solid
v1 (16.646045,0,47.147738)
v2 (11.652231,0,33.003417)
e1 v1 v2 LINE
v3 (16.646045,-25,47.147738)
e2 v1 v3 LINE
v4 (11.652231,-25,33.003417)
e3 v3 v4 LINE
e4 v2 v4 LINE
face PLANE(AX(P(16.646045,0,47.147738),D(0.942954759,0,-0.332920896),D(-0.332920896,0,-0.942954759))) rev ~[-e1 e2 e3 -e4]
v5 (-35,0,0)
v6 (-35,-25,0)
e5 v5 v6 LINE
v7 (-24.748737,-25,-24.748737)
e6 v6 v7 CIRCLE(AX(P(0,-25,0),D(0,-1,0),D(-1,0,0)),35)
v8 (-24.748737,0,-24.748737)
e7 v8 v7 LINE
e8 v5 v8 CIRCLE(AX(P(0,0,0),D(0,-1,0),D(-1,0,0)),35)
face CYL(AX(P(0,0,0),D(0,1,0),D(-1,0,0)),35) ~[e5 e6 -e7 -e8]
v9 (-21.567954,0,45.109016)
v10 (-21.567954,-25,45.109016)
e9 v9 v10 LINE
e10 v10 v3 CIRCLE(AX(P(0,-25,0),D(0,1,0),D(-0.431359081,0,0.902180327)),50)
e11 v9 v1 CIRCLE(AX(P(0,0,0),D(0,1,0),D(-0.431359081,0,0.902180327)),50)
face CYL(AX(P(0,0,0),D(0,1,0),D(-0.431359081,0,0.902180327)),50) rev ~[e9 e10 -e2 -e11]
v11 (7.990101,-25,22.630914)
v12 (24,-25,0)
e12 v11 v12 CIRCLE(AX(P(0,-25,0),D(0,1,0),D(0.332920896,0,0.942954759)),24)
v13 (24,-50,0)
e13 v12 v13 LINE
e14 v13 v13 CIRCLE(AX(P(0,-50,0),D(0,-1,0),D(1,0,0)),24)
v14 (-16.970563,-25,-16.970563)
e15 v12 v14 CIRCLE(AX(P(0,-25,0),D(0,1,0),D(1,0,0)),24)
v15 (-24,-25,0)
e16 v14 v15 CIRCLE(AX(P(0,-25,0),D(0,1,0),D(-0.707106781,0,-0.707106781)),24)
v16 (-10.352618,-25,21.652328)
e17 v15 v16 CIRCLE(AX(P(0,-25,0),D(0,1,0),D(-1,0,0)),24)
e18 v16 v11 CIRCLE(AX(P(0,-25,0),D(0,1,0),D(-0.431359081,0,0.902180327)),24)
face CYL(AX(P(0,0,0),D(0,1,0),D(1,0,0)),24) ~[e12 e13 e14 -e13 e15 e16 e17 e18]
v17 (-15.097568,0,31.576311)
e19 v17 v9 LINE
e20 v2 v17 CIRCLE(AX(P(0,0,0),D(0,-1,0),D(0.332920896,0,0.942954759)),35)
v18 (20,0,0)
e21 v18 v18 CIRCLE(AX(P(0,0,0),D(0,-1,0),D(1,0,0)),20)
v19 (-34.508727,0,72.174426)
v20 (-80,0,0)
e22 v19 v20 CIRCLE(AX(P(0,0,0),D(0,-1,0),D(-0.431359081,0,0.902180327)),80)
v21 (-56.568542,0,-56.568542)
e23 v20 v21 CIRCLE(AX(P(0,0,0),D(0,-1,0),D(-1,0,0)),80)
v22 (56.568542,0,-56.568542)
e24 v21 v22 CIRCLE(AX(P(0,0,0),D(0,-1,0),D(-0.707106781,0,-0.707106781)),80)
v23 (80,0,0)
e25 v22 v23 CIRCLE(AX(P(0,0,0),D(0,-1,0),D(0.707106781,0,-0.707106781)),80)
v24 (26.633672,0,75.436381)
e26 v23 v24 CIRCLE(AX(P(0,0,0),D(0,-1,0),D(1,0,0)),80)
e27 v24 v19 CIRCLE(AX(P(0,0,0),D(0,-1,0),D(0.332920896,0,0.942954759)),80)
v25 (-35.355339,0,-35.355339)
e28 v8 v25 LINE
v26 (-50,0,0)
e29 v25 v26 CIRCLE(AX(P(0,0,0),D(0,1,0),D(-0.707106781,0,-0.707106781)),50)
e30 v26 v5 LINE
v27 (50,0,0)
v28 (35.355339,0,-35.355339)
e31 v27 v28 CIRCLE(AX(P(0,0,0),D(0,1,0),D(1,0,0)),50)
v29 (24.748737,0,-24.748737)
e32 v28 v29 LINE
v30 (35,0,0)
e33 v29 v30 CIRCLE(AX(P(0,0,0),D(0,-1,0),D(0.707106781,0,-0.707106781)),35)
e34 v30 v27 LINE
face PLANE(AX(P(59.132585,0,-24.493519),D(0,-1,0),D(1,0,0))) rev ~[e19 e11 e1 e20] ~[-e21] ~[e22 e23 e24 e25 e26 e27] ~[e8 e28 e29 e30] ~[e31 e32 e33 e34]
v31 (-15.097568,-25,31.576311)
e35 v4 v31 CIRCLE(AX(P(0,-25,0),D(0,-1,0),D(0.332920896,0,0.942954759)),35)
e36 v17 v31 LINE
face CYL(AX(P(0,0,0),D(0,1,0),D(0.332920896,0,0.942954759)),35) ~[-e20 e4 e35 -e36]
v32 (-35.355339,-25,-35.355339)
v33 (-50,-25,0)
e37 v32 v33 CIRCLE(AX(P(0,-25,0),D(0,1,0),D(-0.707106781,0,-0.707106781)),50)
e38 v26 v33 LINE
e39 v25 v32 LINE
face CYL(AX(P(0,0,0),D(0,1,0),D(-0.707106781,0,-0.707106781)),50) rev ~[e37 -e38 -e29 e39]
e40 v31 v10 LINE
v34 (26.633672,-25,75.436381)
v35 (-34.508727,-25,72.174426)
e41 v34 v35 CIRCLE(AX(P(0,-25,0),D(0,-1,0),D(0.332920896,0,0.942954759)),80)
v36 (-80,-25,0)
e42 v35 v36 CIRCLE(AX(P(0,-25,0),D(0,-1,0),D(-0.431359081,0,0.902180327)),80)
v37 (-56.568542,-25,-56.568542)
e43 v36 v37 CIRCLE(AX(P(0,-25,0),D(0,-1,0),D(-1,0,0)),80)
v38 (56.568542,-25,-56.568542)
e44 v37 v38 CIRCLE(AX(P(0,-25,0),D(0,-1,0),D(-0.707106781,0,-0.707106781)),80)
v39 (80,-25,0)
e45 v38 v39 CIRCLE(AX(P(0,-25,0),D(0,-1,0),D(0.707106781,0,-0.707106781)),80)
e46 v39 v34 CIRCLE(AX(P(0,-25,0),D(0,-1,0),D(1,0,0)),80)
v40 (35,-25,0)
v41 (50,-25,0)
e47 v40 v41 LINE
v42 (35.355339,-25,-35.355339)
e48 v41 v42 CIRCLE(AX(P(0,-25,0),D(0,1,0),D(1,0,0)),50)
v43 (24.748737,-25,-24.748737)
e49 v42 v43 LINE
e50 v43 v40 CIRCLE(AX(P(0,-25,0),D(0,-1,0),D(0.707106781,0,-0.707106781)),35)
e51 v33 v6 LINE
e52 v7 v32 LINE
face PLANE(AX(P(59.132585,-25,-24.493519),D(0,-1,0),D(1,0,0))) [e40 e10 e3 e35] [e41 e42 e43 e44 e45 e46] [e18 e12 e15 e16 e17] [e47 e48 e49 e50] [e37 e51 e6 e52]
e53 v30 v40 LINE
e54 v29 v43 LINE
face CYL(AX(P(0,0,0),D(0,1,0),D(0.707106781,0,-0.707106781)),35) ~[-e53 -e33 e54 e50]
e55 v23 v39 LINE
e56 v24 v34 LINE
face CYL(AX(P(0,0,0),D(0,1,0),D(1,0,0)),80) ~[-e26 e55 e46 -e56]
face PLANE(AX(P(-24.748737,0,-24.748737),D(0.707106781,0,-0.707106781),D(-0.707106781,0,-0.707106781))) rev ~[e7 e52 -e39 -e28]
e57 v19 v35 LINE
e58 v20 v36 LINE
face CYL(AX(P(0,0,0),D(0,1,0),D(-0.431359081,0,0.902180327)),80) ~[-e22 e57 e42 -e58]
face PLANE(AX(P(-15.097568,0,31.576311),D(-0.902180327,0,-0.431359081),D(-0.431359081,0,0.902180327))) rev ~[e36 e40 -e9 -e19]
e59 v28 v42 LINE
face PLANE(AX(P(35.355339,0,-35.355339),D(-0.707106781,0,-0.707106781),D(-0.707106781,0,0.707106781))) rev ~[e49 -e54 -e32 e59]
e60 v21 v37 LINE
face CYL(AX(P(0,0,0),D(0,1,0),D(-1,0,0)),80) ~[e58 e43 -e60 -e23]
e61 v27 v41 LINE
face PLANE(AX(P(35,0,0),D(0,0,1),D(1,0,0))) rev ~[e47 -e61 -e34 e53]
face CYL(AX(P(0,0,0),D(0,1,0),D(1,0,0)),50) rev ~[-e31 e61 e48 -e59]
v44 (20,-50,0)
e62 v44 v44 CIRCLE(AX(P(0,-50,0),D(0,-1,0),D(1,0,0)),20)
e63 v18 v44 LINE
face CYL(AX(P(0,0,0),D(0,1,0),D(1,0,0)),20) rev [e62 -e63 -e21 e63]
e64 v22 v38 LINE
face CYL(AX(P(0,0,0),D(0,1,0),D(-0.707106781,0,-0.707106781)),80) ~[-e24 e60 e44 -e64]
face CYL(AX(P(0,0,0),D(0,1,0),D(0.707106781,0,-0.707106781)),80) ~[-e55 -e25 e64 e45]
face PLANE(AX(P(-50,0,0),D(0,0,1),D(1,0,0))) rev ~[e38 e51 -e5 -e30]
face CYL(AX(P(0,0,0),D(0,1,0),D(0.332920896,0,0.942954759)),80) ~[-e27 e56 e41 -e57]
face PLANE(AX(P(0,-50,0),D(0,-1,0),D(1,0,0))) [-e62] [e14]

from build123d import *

# Parameters (mm, degrees)
F1_DEPTH = 25
F2_R     = 24
F2_R_2   = 20
F3_DEPTH = 50


with BuildPart() as f1:
    # F0 (on Front) → F1 (new body)
    with BuildSketch(Plane.XZ):
        with BuildLine():
            Line((80, 0), (50, 0))
            ThreePointArc((50, 0), (46.1939766256, -19.1341716183), (35.3553390593, -35.3553390593))
            Line((35.3553390593, -35.3553390593), (56.5685424949, -56.5685424949))
            ThreePointArc((56.5685424949, -56.5685424949), (73.9103626009, -30.6146745892), (80, 0))
        make_face()
        with BuildLine():
            ThreePointArc((16.6460447835, 47.1477379422), (40.8185144216, 28.8764416162), (50, 0))
            Line((50, 0), (80, 0))
            ThreePointArc((80, 0), (65.3096230746, 46.2023065859), (26.6336716536, 75.4363807075))
            Line((26.6336716536, 75.4363807075), (16.6460447835, 47.1477379422))
        make_face()
        with BuildLine():
            ThreePointArc((-21.5679540702, 45.1090163629), (-2.6637181112, 49.928995642), (16.6460447835, 47.1477379422))
            Line((16.6460447835, 47.1477379422), (26.6336716536, 75.4363807075))
            ThreePointArc((26.6336716536, 75.4363807075), (-4.261948978, 79.8863930273), (-34.5087265123, 72.1744261806))
            Line((-34.5087265123, 72.1744261806), (-21.5679540702, 45.1090163629))
        make_face()
        with BuildLine():
            Line((56.5685424949, -56.5685424949), (35.3553390593, -35.3553390593))
            ThreePointArc((35.3553390593, -35.3553390593), (0, -50), (-35.3553390593, -35.3553390593))
            Line((-35.3553390593, -35.3553390593), (-56.5685424949, -56.5685424949))
            ThreePointArc((-56.5685424949, -56.5685424949), (0, -80), (56.5685424949, -56.5685424949))
        make_face()
        with BuildLine():
            ThreePointArc((-50, 0), (-42.2989225839, 26.6608542295), (-21.5679540702, 45.1090163629))
            Line((-21.5679540702, 45.1090163629), (-34.5087265123, 72.1744261806))
            ThreePointArc((-34.5087265123, 72.1744261806), (-67.6782761342, 42.6573667672), (-80, 0))
            Line((-80, 0), (-50, 0))
        make_face()
        with BuildLine():
            Line((-56.5685424949, -56.5685424949), (-35.3553390593, -35.3553390593))
            ThreePointArc((-35.3553390593, -35.3553390593), (-46.1939766256, -19.1341716183), (-50, 0))
            Line((-50, 0), (-80, 0))
            ThreePointArc((-80, 0), (-73.9103626009, -30.6146745892), (-56.5685424949, -56.5685424949))
        make_face()
        with BuildLine():
            Line((35, 0), (50, 0))
            ThreePointArc((50, 0), (40.8185144216, 28.8764416162), (16.6460447835, 47.1477379422))
            Line((16.6460447835, 47.1477379422), (11.6522313484, 33.0034165595))
            ThreePointArc((11.6522313484, 33.0034165595), (28.5729600951, 20.2135091313), (35, 0))
        make_face()
        with BuildLine():
            Line((-15.0975678491, 31.576311454), (-21.5679540702, 45.1090163629))
            ThreePointArc((-21.5679540702, 45.1090163629), (-42.2989225839, 26.6608542295), (-50, 0))
            Line((-50, 0), (-35, 0))
            ThreePointArc((-35, 0), (-29.6092458087, 18.6625979606), (-15.0975678491, 31.576311454))
        make_face()
        with BuildLine():
            ThreePointArc((-35.3553390593, -35.3553390593), (0, -50), (35.3553390593, -35.3553390593))
            Line((35.3553390593, -35.3553390593), (24.7487373415, -24.7487373415))
            ThreePointArc((24.7487373415, -24.7487373415), (0, -35), (-24.7487373415, -24.7487373415))
            Line((-24.7487373415, -24.7487373415), (-35.3553390593, -35.3553390593))
        make_face()
        with BuildLine():
            Line((-10.3526179537, 21.6523278542), (-15.0975678491, 31.576311454))
            ThreePointArc((-15.0975678491, 31.576311454), (-29.6092458087, 18.6625979606), (-35, 0))
            Line((-35, 0), (-24, 0))
            ThreePointArc((-24, 0), (-20.3034828403, 12.7972100301), (-10.3526179537, 21.6523278542))
        make_face()
        with BuildLine():
            Line((7.9901014961, 22.6309142123), (11.6522313484, 33.0034165595))
            ThreePointArc((11.6522313484, 33.0034165595), (-1.8646026779, 34.9502969494), (-15.0975678491, 31.576311454))
            Line((-15.0975678491, 31.576311454), (-10.3526179537, 21.6523278542))
            ThreePointArc((-10.3526179537, 21.6523278542), (-1.2785846934, 23.9659179082), (7.9901014961, 22.6309142123))
        make_face()
        with BuildLine():
            Line((24, 0), (35, 0))
            ThreePointArc((35, 0), (28.5729600951, 20.2135091313), (11.6522313484, 33.0034165595))
            Line((11.6522313484, 33.0034165595), (7.9901014961, 22.6309142123))
            ThreePointArc((7.9901014961, 22.6309142123), (19.5928869224, 13.8606919758), (24, 0))
        make_face()
        with BuildLine():
            ThreePointArc((24.7487373415, -24.7487373415), (32.3357836379, -13.3939201328), (35, 0))
            Line((35, 0), (24, 0))
            ThreePointArc((24, 0), (22.1731087803, -9.1844023768), (16.9705627485, -16.9705627485))
            Line((16.9705627485, -16.9705627485), (24.7487373415, -24.7487373415))
        make_face()
        with BuildLine():
            ThreePointArc((-24.7487373415, -24.7487373415), (0, -35), (24.7487373415, -24.7487373415))
            Line((24.7487373415, -24.7487373415), (16.9705627485, -16.9705627485))
            ThreePointArc((16.9705627485, -16.9705627485), (0, -24), (-16.9705627485, -16.9705627485))
            Line((-16.9705627485, -16.9705627485), (-24.7487373415, -24.7487373415))
        make_face()
        with BuildLine():
            ThreePointArc((-35, 0), (-32.3357836379, -13.3939201328), (-24.7487373415, -24.7487373415))
            Line((-24.7487373415, -24.7487373415), (-16.9705627485, -16.9705627485))
            ThreePointArc((-16.9705627485, -16.9705627485), (-22.1731087803, -9.1844023768), (-24, 0))
            Line((-24, 0), (-35, 0))
        make_face()
    extrude(amount=F1_DEPTH)

    # F2 (on Front) → F3 (join)
    with BuildSketch(Plane.XZ):
        Circle(F2_R)
        Circle(F2_R_2, mode=Mode.SUBTRACT)
    extrude(amount=F3_DEPTH)


solid = f1.part
